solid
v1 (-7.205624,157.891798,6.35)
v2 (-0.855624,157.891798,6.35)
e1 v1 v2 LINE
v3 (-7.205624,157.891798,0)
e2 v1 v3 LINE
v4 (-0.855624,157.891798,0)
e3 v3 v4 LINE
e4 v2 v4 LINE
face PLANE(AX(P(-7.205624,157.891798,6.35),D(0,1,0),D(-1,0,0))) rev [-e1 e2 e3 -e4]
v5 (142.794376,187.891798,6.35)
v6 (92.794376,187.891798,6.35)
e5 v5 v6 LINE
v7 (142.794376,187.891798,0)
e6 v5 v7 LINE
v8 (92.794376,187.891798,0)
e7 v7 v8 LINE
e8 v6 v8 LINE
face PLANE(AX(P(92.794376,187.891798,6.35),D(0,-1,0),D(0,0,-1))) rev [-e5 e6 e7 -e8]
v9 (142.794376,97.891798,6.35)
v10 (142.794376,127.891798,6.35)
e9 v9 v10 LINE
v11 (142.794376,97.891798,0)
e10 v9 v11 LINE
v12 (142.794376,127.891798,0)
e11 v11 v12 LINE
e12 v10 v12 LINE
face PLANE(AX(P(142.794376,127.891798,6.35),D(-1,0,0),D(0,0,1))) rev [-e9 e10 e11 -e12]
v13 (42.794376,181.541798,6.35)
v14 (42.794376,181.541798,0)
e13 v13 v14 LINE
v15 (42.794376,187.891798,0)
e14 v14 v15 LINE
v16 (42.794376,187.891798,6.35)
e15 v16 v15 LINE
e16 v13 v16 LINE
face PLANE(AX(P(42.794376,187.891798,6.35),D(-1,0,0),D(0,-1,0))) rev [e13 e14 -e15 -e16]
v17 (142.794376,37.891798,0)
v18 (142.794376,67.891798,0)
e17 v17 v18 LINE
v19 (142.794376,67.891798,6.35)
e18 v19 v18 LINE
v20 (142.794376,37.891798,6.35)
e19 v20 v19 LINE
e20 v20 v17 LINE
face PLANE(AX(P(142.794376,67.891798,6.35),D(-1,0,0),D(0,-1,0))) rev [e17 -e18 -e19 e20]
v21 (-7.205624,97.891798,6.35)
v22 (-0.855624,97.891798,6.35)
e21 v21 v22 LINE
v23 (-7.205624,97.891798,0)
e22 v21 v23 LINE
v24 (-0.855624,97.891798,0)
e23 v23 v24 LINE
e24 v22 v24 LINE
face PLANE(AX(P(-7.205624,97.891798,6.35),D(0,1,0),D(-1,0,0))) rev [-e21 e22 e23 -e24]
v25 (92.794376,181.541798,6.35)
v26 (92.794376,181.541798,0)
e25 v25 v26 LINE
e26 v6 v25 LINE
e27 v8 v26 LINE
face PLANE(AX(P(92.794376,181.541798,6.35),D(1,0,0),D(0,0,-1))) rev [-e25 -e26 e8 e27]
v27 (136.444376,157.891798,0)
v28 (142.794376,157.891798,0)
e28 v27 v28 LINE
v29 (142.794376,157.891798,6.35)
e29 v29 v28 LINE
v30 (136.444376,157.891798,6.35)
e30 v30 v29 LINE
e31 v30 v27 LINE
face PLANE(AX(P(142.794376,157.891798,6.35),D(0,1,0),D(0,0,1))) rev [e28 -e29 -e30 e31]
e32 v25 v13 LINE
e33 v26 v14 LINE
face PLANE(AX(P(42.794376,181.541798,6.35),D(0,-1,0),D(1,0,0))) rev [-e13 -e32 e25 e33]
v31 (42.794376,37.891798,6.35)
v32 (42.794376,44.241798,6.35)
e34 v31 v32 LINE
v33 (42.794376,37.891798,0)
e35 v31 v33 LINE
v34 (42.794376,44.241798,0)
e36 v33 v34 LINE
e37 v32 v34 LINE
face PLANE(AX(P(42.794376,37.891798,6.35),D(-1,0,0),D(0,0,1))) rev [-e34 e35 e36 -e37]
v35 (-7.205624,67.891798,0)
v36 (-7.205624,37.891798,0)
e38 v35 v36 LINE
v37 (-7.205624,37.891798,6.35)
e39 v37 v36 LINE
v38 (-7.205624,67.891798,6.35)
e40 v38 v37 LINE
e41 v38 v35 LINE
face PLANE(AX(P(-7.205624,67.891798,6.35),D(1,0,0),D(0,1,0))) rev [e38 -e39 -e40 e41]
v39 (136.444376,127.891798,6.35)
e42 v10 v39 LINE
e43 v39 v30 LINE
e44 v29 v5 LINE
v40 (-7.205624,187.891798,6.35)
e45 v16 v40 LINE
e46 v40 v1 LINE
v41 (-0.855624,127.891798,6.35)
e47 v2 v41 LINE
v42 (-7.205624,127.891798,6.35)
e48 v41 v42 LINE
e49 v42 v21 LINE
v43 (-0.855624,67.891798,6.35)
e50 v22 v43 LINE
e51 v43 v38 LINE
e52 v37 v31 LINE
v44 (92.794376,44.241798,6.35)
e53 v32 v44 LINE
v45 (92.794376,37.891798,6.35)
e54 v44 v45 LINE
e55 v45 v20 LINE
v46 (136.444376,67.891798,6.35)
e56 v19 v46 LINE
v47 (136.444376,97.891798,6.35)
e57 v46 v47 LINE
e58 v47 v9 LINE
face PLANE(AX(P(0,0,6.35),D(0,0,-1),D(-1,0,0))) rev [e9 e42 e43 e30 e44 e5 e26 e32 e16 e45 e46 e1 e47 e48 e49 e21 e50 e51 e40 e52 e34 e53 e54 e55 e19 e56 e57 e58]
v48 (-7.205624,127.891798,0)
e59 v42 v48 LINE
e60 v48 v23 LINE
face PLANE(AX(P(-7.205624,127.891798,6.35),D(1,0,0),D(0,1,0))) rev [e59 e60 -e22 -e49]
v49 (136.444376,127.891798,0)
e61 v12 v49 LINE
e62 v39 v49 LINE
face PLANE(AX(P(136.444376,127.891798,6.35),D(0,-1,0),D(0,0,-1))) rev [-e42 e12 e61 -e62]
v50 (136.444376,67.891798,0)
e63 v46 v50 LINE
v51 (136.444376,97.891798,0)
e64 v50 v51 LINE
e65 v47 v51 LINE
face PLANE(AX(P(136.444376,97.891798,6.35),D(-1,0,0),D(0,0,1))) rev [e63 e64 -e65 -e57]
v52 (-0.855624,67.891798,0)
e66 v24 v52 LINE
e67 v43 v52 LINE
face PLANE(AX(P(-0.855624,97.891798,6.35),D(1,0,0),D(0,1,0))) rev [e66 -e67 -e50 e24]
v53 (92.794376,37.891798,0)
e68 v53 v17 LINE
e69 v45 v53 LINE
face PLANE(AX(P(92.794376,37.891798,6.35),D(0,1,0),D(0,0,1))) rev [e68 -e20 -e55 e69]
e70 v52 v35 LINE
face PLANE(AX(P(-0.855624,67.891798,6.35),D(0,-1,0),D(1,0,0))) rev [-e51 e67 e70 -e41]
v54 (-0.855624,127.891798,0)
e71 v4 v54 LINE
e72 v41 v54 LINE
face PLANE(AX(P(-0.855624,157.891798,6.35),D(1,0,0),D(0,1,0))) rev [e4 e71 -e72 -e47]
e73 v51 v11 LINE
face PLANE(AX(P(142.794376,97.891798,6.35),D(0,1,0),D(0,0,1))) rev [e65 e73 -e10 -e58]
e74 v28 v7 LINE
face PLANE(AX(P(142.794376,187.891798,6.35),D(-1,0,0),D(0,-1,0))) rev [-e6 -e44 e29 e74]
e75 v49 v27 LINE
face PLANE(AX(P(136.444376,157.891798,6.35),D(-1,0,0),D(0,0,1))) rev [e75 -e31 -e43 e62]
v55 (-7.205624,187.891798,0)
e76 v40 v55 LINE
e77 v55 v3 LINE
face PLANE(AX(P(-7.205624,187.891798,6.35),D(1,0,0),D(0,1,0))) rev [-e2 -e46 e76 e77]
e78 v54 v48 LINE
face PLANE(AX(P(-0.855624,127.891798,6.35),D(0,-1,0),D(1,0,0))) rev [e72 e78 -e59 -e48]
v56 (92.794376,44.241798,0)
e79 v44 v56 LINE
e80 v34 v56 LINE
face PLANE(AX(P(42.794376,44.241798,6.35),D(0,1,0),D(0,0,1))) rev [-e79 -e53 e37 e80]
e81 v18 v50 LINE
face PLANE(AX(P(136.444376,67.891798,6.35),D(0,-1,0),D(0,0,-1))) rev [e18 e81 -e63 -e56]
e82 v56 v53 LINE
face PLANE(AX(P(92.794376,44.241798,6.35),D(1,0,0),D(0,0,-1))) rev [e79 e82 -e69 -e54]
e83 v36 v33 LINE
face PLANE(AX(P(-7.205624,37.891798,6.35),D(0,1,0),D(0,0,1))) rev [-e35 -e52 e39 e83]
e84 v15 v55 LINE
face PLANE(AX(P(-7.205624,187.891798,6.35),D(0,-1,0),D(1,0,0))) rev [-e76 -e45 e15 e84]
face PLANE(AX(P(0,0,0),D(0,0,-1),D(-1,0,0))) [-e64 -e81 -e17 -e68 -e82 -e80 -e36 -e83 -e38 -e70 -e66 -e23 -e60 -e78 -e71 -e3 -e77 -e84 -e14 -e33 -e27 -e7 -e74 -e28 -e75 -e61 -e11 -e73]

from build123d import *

# Parameters (mm, degrees)
BOSS_EXTRUDE1_DEPTH = 6.35


with BuildPart() as part:
    # Sketch2 → Boss-Extrude1 (new body)
    with BuildSketch(Plane.XY):
        Polygon((-7.205623902, 187.891798144), (-7.205623902, 157.891798144), (-0.855623902, 157.891798144), (-0.855623902, 127.891798144), (-7.205623902, 127.891798144), (-7.205623902, 97.891798144), (-0.855623902, 97.891798144), (-0.855623902, 67.891798144), (-7.205623902, 67.891798144), (-7.205623902, 37.891798144), (42.794376098, 37.891798144), (42.794376098, 44.241798144), (92.794376098, 44.241798144), (92.794376098, 37.891798144), (142.794376098, 37.891798144), (142.794376098, 67.891798144), (136.444376098, 67.891798144), (136.444376098, 97.891798144), (142.794376098, 97.891798144), (142.794376098, 127.891798144), (136.444376098, 127.891798144), (136.444376098, 157.891798144), (142.794376098, 157.891798144), (142.794376098, 187.891798144), (92.794376098, 187.891798144), (92.794376098, 181.541798144), (42.794376098, 181.541798144), (42.794376098, 187.891798144), align=None)
    extrude(amount=BOSS_EXTRUDE1_DEPTH)


solid = part.part
